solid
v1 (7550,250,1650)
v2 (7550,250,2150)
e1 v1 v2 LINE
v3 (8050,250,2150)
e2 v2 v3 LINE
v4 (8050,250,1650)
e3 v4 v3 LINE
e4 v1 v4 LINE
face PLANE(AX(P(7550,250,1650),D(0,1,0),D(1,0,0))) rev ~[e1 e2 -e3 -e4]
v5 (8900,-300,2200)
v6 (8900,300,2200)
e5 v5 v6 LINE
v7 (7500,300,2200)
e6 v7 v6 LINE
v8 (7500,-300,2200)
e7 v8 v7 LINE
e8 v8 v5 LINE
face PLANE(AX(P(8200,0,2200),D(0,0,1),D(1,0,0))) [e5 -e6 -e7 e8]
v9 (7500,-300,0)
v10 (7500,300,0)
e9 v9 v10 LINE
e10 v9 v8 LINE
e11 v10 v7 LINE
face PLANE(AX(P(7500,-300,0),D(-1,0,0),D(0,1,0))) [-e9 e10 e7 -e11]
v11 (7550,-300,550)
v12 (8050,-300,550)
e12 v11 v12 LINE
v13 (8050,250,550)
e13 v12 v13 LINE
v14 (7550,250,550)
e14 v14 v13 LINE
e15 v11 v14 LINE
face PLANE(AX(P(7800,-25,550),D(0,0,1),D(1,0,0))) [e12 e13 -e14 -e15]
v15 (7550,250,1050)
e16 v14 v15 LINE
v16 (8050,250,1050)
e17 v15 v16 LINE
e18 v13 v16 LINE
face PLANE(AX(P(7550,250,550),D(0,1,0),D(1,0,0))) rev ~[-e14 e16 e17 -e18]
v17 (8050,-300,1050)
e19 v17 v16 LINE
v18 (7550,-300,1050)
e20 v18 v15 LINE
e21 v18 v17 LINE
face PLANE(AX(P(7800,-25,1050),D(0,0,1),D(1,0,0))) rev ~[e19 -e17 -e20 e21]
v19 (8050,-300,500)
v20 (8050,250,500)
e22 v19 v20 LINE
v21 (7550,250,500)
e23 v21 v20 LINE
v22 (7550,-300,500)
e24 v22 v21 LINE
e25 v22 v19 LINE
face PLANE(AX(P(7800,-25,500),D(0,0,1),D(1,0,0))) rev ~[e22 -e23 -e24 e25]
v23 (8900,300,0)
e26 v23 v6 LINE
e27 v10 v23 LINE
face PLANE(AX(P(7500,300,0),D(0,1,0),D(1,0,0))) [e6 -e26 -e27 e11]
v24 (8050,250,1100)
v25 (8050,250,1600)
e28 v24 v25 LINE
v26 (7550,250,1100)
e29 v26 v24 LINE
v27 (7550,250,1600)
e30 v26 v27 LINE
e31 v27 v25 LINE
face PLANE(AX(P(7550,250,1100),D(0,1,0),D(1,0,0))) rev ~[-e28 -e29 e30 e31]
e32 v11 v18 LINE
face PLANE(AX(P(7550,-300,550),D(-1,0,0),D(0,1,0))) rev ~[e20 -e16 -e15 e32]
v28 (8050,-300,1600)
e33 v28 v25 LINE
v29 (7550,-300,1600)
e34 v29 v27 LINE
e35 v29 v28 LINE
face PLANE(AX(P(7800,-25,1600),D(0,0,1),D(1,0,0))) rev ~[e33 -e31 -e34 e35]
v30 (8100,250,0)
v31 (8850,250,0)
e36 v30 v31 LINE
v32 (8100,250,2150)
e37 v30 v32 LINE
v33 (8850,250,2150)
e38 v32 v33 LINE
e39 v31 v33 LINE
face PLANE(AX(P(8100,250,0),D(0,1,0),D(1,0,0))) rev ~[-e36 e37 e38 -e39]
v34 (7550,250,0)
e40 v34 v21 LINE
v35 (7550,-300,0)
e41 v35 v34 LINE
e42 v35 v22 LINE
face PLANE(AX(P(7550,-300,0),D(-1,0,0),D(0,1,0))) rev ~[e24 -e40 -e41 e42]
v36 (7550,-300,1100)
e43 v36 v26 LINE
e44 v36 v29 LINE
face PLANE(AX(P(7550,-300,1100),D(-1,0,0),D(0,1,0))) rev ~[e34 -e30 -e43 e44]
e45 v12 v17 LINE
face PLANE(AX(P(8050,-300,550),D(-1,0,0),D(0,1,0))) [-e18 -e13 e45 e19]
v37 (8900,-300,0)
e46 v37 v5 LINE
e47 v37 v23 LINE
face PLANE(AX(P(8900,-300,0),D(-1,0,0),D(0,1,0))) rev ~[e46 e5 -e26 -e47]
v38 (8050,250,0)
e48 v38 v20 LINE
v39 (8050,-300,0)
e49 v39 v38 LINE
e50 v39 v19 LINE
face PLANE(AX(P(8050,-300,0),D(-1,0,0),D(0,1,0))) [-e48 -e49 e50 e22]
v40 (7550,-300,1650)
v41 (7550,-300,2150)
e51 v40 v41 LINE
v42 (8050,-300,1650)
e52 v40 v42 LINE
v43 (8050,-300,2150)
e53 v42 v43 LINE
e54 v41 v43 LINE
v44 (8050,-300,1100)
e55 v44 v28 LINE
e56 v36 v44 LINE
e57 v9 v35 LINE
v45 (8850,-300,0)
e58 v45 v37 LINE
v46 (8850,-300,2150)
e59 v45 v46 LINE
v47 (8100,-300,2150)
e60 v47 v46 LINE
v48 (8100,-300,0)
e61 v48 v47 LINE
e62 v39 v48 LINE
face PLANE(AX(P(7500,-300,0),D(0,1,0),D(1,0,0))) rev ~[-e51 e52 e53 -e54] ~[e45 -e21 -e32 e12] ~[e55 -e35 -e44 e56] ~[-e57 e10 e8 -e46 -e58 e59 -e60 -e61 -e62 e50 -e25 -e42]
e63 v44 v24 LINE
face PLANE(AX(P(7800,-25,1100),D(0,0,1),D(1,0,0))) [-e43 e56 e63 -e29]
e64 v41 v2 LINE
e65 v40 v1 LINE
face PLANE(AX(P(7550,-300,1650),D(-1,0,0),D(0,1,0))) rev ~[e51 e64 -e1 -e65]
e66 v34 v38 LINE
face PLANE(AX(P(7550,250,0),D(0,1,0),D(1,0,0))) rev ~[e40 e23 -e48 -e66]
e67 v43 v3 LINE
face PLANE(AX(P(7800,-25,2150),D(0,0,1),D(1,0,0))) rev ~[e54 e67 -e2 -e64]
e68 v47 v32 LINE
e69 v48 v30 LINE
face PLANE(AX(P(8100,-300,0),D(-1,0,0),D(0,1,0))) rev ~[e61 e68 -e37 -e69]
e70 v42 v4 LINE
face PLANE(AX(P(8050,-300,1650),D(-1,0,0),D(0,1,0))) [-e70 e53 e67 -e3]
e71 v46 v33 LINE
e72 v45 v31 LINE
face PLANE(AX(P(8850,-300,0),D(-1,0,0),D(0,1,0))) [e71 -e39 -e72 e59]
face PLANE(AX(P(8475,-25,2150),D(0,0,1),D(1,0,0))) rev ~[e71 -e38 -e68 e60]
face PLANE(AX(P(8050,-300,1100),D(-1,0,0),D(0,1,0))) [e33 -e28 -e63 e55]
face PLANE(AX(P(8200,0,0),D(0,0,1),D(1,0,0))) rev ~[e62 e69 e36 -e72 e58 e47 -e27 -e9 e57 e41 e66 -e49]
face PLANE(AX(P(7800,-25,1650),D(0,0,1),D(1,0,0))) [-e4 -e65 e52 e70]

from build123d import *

# Parameters (mm, degrees)
BOX3570_W        = 750
BOX3570_H        = 550
BOX3570_DEPTH    = 2150
BOX3572_W        = 500
BOX3572_H        = 550
BOX3572_DEPTH    = 500
ARRAY290_Z_COUNT = 4
ARRAY290_Z_PITCH = 550
BOX3571_W        = 1400
BOX3571_H        = 600
BOX3571_DEPTH    = 2200


with BuildPart() as box3570:
    # Box3570 → Box3570 (new body)
    with BuildSketch(Plane(origin=(8100, -300, 0), x_dir=(1, 0, 0), z_dir=(0, 0, 1))):
        with Locations((375, 275)):
            Rectangle(BOX3570_W, BOX3570_H)
    extrude(amount=BOX3570_DEPTH)


with BuildPart() as array290:
    # Box3572 → Box3572 (new body)
    with BuildSketch(Plane(origin=(7550, -300, 0), x_dir=(1, 0, 0), z_dir=(0, 0, 1))):
        with Locations((250, 275)):
            Rectangle(BOX3572_W, BOX3572_H)
    extrude(amount=BOX3572_DEPTH)

    # Array290 Z: Array290 ×4


with BuildPart() as array290_1:
    add(array290.part)
    with Locations(*[(0, 0, i * ARRAY290_Z_PITCH) for i in range(1, ARRAY290_Z_COUNT)]):
        add(array290.part)


with BuildPart() as cut006:
    # Box3571 → Box3571 (new body)
    with BuildSketch(Plane(origin=(7500, -300, 0), x_dir=(1, 0, 0), z_dir=(0, 0, 1))):
        with Locations((700, 300)):
            Rectangle(BOX3571_W, BOX3571_H)
    extrude(amount=BOX3571_DEPTH)

    # Cut007: cut Array290
    add(array290_1.part, mode=Mode.SUBTRACT)

    # Cut006: cut Box3570
    add(box3570.part, mode=Mode.SUBTRACT)


solid = cut006.part
